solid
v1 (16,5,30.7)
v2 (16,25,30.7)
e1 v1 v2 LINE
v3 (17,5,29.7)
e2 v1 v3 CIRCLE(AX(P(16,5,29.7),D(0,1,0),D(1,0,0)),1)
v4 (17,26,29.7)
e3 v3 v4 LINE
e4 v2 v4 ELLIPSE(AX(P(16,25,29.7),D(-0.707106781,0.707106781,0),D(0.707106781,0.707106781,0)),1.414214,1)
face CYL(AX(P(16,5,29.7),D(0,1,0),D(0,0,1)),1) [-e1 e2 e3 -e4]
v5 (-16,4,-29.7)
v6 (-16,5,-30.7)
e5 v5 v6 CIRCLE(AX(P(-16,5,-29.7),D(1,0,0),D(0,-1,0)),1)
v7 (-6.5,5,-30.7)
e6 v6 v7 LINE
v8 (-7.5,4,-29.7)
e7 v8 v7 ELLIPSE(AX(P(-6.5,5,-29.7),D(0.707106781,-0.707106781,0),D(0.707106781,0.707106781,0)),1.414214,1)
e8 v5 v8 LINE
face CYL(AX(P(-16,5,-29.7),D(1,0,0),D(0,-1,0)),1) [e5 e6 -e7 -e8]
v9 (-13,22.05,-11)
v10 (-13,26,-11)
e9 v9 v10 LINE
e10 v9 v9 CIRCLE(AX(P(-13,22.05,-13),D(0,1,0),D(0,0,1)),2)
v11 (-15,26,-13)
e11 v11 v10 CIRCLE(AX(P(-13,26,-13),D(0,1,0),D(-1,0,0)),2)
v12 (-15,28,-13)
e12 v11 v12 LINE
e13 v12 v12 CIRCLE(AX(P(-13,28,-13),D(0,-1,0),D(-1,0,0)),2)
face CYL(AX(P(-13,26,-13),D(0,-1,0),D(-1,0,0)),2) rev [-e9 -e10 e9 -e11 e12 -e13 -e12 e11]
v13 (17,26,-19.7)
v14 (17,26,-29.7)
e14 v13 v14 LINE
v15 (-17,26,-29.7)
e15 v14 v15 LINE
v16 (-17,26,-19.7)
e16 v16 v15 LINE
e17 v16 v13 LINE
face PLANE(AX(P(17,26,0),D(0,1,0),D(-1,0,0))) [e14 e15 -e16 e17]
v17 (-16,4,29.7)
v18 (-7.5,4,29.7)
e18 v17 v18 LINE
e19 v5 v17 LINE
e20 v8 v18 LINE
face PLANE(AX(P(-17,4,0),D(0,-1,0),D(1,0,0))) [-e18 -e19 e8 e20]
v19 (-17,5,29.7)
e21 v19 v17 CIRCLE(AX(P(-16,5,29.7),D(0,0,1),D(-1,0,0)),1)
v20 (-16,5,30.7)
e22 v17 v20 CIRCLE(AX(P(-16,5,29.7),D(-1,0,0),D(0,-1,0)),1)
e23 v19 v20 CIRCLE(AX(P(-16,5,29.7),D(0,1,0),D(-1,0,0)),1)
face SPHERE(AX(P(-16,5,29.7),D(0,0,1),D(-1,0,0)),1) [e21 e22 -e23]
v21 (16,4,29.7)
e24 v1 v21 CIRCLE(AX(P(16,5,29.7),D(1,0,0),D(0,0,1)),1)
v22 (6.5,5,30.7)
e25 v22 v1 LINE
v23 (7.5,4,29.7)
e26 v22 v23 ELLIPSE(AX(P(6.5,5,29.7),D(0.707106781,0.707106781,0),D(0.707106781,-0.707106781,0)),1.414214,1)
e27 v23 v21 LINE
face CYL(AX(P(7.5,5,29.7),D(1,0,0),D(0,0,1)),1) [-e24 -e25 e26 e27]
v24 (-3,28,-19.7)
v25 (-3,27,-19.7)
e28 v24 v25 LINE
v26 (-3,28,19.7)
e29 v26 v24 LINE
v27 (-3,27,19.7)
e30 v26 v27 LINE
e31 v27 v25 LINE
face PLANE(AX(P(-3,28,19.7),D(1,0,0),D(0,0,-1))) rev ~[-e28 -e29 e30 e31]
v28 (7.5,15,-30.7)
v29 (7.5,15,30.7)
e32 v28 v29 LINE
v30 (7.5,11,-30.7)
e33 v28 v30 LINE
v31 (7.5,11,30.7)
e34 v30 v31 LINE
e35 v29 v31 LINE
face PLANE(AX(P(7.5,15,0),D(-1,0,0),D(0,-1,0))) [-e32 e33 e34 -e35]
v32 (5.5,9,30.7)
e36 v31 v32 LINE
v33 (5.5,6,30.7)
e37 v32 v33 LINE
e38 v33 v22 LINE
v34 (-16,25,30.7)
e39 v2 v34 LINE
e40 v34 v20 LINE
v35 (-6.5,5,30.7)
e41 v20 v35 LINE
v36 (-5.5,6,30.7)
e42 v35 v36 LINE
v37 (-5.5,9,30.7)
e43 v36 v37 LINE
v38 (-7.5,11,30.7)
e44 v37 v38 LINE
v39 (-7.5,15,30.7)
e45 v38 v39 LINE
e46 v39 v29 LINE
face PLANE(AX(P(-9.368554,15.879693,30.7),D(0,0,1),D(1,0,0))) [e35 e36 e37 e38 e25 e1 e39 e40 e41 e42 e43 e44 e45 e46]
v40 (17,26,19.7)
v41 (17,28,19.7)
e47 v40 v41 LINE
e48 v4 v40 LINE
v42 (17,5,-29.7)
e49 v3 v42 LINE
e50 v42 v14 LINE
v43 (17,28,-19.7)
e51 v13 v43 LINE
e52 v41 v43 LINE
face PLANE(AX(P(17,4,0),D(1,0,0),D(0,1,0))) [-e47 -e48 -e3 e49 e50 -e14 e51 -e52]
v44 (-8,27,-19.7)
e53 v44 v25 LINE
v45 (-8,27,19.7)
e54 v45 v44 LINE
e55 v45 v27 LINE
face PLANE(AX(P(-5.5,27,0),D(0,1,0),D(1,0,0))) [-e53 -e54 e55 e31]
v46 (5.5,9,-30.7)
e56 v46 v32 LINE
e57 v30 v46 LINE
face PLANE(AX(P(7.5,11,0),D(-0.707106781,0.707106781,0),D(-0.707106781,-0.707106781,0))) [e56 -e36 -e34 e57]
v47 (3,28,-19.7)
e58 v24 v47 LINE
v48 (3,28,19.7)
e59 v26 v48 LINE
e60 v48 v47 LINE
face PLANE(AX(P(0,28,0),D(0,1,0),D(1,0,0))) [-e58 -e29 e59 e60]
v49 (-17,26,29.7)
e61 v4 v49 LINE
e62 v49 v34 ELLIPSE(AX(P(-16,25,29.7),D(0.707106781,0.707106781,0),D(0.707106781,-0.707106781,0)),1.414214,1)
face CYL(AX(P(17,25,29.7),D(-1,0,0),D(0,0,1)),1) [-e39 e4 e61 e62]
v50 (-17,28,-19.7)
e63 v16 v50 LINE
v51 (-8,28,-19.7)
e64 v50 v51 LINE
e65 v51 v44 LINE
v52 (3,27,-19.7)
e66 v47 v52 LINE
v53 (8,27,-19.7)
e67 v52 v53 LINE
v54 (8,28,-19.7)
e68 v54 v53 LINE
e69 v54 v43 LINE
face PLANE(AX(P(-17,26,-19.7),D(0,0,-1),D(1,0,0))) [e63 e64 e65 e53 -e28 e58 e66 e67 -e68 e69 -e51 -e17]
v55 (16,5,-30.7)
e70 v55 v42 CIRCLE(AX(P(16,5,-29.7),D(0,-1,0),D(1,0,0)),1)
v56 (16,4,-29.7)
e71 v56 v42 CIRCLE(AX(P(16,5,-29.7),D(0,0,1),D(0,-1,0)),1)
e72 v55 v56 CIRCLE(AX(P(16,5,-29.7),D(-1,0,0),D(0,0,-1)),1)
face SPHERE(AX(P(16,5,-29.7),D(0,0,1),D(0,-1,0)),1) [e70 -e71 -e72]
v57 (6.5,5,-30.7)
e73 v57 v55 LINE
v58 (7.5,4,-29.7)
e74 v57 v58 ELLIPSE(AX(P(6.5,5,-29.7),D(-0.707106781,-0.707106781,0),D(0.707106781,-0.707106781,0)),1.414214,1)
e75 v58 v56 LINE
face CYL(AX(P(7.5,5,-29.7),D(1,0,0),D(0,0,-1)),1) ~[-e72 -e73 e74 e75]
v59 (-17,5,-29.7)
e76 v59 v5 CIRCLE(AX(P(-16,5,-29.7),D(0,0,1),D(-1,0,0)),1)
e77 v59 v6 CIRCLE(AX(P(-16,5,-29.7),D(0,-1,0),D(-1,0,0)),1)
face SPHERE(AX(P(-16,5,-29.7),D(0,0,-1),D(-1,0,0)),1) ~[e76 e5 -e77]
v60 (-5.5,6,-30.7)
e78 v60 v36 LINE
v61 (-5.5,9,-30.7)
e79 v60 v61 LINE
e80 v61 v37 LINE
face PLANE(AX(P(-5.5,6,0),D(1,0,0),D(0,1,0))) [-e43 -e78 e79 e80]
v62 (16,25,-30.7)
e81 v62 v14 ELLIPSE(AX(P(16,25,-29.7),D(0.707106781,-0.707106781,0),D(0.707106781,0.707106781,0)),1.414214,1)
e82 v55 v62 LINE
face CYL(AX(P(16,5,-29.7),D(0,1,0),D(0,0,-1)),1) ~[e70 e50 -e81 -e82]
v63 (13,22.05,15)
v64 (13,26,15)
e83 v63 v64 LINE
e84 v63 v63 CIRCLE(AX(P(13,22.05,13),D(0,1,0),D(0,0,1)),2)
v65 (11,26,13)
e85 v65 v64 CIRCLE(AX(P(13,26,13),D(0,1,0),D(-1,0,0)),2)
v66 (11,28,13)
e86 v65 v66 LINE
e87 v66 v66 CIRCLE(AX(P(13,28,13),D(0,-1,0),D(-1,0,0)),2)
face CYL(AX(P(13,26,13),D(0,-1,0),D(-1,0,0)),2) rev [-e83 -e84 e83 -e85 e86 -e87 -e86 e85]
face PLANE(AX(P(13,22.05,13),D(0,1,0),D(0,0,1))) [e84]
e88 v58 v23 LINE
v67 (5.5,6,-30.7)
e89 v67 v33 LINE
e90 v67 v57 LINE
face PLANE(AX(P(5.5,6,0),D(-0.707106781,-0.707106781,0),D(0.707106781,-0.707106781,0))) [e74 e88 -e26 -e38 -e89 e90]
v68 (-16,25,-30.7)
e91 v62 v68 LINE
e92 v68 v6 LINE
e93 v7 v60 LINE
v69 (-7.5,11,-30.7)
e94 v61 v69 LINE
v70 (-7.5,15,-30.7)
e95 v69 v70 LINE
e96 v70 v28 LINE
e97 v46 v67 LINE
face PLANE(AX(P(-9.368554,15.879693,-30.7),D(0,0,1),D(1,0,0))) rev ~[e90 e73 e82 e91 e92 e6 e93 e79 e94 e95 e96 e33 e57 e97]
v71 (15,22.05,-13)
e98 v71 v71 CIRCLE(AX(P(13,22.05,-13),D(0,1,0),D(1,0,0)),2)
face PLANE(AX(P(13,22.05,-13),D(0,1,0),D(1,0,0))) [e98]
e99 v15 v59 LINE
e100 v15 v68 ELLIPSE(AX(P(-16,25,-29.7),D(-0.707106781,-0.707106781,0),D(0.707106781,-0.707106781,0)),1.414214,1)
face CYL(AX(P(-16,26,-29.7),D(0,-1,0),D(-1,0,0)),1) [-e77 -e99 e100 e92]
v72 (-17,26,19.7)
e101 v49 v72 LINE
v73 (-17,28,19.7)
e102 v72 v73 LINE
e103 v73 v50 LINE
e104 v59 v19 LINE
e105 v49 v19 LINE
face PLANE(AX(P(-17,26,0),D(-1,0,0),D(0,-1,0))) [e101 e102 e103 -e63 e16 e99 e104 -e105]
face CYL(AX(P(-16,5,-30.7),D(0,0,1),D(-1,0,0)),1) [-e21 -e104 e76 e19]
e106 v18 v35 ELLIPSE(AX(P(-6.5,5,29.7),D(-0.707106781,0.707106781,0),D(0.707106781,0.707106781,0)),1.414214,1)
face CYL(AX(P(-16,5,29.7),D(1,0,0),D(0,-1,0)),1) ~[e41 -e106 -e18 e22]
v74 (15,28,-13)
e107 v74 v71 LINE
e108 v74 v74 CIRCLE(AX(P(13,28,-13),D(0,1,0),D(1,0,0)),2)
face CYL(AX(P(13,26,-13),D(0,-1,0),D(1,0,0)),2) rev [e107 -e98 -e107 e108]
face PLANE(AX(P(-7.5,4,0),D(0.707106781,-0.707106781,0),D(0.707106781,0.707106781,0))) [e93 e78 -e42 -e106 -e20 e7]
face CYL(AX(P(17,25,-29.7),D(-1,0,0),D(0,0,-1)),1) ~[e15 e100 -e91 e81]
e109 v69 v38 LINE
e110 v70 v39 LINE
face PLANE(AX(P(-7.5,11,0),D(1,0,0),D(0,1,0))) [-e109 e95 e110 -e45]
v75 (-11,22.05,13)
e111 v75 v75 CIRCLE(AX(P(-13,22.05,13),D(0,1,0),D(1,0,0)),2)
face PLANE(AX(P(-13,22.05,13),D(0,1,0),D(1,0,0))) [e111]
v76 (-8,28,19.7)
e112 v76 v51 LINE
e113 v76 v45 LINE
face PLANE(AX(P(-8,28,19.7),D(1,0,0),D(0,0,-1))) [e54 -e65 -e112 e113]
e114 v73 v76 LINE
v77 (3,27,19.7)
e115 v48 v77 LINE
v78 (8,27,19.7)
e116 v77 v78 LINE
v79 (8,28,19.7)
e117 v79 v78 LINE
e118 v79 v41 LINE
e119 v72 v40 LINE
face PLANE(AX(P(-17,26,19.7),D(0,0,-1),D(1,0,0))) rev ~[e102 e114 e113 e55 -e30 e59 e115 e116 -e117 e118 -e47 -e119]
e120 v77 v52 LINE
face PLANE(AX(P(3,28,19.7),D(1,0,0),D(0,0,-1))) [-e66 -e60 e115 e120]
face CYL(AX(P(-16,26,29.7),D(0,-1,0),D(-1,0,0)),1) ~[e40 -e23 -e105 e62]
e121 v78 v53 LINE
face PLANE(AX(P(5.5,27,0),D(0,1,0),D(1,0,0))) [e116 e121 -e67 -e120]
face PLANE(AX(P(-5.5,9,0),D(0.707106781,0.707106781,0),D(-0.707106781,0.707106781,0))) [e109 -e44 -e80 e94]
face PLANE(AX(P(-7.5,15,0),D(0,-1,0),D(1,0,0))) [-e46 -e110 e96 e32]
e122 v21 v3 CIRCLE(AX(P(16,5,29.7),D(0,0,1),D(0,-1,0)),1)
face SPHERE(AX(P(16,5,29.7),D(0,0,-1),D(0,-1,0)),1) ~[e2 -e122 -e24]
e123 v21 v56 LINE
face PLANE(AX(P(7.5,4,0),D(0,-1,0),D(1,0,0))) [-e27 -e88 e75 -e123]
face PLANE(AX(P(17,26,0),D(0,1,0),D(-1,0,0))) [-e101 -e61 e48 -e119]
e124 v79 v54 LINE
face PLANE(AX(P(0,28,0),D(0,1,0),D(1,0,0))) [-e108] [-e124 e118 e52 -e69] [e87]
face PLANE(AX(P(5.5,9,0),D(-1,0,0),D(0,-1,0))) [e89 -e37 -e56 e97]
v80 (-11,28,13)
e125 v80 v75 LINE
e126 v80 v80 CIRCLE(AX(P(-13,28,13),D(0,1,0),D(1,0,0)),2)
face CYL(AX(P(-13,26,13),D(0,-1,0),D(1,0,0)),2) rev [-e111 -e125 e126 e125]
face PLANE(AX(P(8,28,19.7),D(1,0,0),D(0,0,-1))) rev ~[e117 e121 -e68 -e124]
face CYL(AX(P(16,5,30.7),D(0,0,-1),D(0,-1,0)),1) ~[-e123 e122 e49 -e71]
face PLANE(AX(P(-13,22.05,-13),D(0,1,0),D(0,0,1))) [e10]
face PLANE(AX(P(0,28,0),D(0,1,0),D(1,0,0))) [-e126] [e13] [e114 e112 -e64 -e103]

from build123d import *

# Parameters (mm, degrees)
BOSS_EXTRUDE1_DEPTH = 30.7
SKETCH4_W           = 34
SKETCH4_H           = 39.4
SKETCH4_R           = 2
BOSS_EXTRUDE2_DEPTH = 2
SKETCH5_W           = 5
SKETCH5_H           = 39.4
CUT_EXTRUDE1_DEPTH  = 1
FILLET1_R           = 1
FILLET2_R           = 1
CUT_EXTRUDE2_START  = -5.95
SKETCH6_R           = 2
CUT_EXTRUDE2_DEPTH  = 5.95


with BuildPart() as part:
    # Sketch1 → Boss-Extrude1 (new, symmetric)
    with BuildSketch(Plane.XY):
        Polygon((0, 15), (0, 26), (-17, 26), (-17, 4), (-7.5, 4), (-5.5, 6), (-5.5, 9), (-7.5, 11), (-7.5, 15), align=None)
        Polygon((17, 26), (0, 26), (0, 15), (7.5, 15), (7.5, 11), (5.5, 9), (5.5, 6), (7.5, 4), (17, 4), align=None)
    extrude(amount=BOSS_EXTRUDE1_DEPTH, both=True)

    # Sketch4 → Boss-Extrude2 (add)
    with BuildSketch(Plane(origin=(0, 26, 0), x_dir=(1, 0, 0), z_dir=(0, 1, 0))):
        Rectangle(SKETCH4_W, SKETCH4_H)
        with Locations(Location((-13, 13, 0), (0, 0, 180))):
            Circle(SKETCH4_R, mode=Mode.SUBTRACT)
        with Locations((13, 13)):
            Circle(SKETCH4_R, mode=Mode.SUBTRACT)
        with Locations((-13, -13)):
            Circle(SKETCH4_R, mode=Mode.SUBTRACT)
        with Locations(Location((13, -13, 0), (0, 0, 180))):
            Circle(SKETCH4_R, mode=Mode.SUBTRACT)
    extrude(amount=BOSS_EXTRUDE2_DEPTH)

    # Sketch5 → Cut-Extrude1 (cut)
    with BuildSketch(Plane(origin=(0, 28, 0), x_dir=(1, 0, 0), z_dir=(0, 1, 0))):
        with Locations((-5.5, 0)):
            Rectangle(SKETCH5_W, SKETCH5_H)
        with Locations((5.5, 0)):
            Rectangle(SKETCH5_W, SKETCH5_H)
    extrude(amount=-CUT_EXTRUDE1_DEPTH, mode=Mode.SUBTRACT)

    # Fillet1
    fillet1_edges = [part.edges().sort_by_distance(p)[0] for p in [
        (-17, 4, 0),
        (17, 4, 0),
    ]]
    fillet(fillet1_edges, radius=FILLET1_R)

    # Fillet2
    fillet2_edges = [part.edges().sort_by_distance(p)[0] for p in [
        (-17, 15.5, -30.7),
        (17, 15.5, -30.7),
        (16.707106781, 4.292893219, -30.7),
        (-16.707106781, 4.292893219, -30.7),
        (-17, 15.5, 30.7),
        (17, 15.5, 30.7),
        (16.707106781, 4.292893219, 30.7),
        (-16.707106781, 4.292893219, 30.7),
        (-11.75, 4, -30.7),
        (0, 26, -30.7),
        (11.75, 4, -30.7),
        (11.75, 4, 30.7),
        (0, 26, 30.7),
        (-11.75, 4, 30.7),
    ]]
    fillet(fillet2_edges, radius=FILLET2_R)

    # Sketch6 → Cut-Extrude2 (cut)
    with BuildSketch(Plane(origin=(0, 28, 0), x_dir=(1, 0, 0), z_dir=(0, 1, 0)).offset(CUT_EXTRUDE2_START)):
        with Locations((-13, -13)):
            Circle(SKETCH6_R)
        with Locations(Location((13, -13, 0), (0, 0, 270))):
            Circle(SKETCH6_R)
        with Locations((13, 13)):
            Circle(SKETCH6_R)
        with Locations(Location((-13, 13, 0), (0, 0, 270))):
            Circle(SKETCH6_R)
    extrude(amount=CUT_EXTRUDE2_DEPTH, mode=Mode.SUBTRACT)


solid = part.part
